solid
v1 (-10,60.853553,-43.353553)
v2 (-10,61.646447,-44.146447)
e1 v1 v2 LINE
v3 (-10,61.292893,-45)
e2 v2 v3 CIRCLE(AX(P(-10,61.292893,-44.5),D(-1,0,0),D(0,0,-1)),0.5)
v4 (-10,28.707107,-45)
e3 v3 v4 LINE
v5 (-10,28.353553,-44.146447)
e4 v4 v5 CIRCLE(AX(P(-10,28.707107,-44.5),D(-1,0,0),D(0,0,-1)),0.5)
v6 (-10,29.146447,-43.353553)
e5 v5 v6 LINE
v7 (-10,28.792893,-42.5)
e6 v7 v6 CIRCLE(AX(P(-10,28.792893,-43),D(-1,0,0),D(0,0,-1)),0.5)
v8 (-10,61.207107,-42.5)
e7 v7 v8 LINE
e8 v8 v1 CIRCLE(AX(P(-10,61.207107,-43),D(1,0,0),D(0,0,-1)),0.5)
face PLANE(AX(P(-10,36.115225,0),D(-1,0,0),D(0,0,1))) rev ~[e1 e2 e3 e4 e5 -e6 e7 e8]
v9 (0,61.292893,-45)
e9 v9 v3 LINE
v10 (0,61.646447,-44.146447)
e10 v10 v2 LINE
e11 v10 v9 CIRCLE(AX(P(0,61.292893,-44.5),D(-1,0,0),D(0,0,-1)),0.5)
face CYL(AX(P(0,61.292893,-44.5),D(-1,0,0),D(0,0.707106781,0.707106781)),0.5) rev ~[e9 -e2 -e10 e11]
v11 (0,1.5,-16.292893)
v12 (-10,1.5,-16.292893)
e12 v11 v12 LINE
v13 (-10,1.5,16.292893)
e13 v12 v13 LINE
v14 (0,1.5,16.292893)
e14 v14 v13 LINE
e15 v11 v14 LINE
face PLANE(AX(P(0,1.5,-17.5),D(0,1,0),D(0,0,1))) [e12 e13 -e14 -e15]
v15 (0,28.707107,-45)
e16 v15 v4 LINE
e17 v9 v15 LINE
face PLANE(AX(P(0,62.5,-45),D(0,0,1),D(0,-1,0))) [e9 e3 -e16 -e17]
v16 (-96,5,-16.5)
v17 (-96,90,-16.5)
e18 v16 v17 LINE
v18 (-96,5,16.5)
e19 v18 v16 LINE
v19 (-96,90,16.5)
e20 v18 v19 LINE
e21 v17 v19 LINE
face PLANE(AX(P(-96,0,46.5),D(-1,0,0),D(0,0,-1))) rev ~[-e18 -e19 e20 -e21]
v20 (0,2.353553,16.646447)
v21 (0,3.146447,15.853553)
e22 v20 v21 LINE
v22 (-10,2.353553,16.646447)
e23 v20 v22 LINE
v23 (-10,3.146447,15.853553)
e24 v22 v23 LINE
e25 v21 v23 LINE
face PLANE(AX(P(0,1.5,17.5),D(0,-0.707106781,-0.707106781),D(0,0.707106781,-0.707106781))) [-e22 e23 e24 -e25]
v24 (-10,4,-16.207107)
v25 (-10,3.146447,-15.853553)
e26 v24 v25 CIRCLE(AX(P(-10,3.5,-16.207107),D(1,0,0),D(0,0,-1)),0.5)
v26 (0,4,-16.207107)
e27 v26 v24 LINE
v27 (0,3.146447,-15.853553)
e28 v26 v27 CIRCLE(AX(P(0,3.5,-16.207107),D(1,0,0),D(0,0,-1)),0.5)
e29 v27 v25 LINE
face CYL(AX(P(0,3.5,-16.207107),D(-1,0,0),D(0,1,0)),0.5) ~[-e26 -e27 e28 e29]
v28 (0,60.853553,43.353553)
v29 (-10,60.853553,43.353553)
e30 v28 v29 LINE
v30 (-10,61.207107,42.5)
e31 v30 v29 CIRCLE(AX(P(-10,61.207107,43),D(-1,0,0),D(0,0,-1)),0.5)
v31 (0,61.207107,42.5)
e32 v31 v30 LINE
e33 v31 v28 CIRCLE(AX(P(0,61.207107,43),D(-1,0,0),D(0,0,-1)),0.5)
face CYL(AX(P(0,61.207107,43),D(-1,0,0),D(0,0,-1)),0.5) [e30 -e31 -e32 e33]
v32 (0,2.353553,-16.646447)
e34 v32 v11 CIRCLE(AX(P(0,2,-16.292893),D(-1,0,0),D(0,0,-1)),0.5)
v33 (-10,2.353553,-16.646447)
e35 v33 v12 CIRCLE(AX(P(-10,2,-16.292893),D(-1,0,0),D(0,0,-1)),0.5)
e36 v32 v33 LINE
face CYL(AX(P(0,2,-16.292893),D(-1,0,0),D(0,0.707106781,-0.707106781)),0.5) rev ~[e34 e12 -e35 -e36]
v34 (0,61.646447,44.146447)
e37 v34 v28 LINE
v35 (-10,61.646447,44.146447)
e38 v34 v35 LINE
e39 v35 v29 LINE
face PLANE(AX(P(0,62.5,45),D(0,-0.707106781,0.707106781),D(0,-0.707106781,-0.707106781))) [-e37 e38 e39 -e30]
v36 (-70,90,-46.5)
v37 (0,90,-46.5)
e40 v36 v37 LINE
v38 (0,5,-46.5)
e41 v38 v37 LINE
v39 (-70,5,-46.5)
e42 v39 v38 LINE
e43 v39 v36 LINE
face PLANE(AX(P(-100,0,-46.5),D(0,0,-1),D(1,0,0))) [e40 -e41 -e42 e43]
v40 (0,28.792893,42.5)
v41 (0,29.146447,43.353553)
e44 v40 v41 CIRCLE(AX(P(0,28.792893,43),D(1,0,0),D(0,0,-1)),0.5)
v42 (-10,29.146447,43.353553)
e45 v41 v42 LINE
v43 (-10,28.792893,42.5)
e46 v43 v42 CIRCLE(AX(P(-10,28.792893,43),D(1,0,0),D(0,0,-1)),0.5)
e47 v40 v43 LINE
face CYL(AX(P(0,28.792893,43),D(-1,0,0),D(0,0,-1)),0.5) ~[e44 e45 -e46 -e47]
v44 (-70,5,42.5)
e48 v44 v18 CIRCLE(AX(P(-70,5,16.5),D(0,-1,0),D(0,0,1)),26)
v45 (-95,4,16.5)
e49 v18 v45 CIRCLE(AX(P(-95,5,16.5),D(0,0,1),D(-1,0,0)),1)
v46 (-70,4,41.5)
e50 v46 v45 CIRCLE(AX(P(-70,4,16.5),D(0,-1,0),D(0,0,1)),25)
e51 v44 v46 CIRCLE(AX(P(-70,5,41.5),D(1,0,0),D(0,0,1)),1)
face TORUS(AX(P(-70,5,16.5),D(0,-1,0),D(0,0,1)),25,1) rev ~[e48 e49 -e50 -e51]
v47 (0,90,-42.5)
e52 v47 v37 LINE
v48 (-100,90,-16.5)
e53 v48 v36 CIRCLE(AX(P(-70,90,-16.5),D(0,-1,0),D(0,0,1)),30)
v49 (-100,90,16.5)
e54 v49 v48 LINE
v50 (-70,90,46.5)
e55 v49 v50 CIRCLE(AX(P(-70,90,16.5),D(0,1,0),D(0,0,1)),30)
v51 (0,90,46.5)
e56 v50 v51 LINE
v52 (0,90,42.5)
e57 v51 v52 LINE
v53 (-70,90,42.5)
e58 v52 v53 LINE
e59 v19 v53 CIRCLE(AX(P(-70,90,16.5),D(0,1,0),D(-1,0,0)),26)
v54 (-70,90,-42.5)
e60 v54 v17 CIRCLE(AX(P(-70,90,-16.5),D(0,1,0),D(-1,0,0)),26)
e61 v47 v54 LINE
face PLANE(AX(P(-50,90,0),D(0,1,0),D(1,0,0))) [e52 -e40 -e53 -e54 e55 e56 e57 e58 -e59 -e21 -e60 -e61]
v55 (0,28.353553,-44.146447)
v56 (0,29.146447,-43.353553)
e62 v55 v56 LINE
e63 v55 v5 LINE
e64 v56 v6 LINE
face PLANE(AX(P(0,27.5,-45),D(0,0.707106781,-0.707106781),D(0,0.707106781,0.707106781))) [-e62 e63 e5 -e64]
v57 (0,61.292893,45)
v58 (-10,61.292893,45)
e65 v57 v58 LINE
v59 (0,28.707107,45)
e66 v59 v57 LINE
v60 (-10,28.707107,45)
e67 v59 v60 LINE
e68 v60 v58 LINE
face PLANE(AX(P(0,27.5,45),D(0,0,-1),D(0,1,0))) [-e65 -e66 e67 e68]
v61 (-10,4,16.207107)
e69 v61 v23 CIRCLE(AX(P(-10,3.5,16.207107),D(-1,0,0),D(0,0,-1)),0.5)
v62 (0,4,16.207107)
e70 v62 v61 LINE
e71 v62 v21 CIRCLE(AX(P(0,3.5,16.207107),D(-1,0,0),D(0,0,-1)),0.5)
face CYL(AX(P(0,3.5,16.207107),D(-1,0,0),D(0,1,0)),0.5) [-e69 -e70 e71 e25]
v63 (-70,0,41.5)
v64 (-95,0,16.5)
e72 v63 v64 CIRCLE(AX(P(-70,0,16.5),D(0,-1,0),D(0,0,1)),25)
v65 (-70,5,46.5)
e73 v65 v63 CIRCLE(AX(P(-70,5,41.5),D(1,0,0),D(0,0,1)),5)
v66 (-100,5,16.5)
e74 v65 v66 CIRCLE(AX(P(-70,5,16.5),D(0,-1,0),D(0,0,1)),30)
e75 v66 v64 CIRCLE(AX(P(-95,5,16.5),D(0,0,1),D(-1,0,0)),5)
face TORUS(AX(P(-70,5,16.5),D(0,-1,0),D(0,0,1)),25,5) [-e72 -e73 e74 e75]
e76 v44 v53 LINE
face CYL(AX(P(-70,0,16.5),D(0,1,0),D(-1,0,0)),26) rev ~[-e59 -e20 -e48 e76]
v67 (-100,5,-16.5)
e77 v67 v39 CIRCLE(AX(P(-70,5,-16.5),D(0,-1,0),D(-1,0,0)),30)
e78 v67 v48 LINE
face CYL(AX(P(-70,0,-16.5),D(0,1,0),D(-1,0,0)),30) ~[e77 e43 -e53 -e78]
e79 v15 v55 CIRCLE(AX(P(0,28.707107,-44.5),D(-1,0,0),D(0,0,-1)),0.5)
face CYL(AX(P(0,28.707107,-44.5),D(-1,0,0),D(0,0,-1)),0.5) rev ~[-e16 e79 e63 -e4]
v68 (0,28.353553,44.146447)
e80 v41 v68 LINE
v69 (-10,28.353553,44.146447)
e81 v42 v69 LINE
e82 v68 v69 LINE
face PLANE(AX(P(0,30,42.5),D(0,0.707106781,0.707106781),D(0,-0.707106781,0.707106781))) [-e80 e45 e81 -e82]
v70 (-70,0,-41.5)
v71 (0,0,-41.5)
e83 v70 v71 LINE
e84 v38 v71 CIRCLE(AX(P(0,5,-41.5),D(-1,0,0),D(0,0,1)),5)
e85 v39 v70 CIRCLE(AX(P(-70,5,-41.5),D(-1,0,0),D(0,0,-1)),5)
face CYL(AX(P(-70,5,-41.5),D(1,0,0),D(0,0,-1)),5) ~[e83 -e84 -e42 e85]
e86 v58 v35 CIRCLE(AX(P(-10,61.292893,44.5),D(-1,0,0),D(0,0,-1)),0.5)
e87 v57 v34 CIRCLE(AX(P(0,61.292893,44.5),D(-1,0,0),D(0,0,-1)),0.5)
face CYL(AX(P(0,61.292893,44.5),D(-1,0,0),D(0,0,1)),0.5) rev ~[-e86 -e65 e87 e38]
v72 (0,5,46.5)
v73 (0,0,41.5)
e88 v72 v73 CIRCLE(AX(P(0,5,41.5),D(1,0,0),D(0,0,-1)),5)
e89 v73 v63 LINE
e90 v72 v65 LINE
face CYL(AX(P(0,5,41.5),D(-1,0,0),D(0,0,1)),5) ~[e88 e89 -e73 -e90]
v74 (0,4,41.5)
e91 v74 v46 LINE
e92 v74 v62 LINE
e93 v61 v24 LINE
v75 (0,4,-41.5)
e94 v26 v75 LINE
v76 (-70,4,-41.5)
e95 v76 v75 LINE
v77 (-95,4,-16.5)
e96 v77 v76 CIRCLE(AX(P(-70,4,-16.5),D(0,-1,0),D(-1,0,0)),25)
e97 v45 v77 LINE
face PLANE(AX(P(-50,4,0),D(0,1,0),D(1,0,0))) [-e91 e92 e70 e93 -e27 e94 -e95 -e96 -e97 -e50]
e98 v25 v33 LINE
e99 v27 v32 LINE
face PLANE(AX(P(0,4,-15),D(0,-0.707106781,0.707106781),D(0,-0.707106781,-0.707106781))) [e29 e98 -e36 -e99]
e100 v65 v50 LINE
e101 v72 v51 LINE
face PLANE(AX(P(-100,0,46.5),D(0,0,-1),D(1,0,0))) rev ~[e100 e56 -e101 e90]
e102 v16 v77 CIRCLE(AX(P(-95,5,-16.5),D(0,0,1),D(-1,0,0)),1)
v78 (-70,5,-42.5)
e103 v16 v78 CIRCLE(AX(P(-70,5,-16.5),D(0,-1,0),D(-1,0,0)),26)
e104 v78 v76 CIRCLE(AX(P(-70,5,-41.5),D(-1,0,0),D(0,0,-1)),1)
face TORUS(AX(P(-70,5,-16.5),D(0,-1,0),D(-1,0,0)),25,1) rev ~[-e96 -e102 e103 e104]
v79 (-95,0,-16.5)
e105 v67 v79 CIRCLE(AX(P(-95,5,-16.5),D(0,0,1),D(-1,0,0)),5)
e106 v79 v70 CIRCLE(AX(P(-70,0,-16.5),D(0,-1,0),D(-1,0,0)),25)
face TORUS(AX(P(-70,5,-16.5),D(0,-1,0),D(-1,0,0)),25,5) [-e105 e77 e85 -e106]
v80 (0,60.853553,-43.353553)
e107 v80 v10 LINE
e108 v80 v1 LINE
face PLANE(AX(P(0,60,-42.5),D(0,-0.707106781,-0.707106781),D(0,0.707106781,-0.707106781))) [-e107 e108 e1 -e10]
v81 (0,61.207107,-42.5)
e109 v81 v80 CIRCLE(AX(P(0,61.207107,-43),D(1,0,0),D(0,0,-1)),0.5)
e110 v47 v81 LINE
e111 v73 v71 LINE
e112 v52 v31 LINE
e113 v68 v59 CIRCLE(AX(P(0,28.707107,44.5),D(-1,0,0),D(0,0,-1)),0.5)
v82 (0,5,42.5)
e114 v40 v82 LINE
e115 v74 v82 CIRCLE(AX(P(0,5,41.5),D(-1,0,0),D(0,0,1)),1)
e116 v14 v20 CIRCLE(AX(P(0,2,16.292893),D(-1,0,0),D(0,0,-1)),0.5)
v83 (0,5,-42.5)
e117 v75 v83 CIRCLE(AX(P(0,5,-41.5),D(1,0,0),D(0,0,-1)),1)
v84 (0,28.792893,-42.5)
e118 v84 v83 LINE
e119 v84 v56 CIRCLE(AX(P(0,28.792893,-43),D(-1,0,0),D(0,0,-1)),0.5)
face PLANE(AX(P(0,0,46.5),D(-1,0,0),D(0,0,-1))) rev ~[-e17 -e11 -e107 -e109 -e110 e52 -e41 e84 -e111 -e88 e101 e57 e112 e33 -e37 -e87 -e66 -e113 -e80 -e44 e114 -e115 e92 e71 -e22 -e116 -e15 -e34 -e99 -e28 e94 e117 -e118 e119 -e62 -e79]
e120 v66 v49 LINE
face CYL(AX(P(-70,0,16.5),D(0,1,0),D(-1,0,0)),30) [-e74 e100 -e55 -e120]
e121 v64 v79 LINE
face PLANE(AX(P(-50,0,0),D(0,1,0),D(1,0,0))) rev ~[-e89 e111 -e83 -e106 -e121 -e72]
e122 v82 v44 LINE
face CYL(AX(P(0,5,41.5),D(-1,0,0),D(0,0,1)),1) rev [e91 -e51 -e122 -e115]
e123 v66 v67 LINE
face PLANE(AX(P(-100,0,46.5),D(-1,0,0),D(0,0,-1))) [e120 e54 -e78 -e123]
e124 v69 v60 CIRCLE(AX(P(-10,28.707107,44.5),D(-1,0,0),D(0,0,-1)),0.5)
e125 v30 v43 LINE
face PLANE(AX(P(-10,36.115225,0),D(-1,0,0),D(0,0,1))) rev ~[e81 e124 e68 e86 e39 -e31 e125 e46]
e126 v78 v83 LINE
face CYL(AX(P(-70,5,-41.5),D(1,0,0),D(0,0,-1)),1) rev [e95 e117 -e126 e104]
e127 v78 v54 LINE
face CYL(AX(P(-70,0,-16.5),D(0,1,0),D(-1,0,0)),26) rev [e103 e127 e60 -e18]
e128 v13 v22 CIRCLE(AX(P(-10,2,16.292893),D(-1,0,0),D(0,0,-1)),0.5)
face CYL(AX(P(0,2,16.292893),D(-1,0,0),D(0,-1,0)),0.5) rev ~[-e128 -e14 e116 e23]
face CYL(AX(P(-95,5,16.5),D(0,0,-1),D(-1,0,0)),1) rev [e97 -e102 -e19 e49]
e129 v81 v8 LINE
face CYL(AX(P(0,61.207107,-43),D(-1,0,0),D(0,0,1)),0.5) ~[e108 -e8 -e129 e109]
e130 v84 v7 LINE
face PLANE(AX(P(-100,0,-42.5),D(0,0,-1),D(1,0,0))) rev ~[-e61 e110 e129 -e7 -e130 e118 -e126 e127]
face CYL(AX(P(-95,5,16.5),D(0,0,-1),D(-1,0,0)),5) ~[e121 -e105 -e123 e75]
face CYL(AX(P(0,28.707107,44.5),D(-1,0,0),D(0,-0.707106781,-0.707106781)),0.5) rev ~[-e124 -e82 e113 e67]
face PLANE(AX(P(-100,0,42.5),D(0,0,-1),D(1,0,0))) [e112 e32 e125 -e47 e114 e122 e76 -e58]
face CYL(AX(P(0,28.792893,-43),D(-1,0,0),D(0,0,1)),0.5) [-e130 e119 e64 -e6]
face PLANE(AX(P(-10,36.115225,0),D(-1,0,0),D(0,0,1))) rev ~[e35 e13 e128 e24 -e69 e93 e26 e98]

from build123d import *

# Parameters (mm, degrees)
SKETCH_1_W           = 100
SKETCH_1_H           = 93
EXTRUDE_1_DEPTH      = 90
FILLET_8_R           = 30
FILLET_9_R           = 5
SHELL_4_T            = -4
CUT_EXTRUDE_16_DEPTH = 10
FILLET_12_R          = 0.5


with BuildPart() as part:
    # 草圖1 → 填料-伸長1 (new body)
    with BuildSketch(Plane(origin=(0, 0, 0), x_dir=(1, 0, 0), z_dir=(0, 1, 0))):
        with Locations((-50, 0)):
            Rectangle(SKETCH_1_W, SKETCH_1_H)
    extrude(amount=EXTRUDE_1_DEPTH)

    # 圓角8
    fillet_8_edges = [part.edges().sort_by_distance(p)[0] for p in [
        (-100, 45, 46.5),
        (-100, 45, -46.5),
    ]]
    fillet(fillet_8_edges, radius=FILLET_8_R)

    # 圓角9
    fillet_9_edges = [part.edges().sort_by_distance(p)[0] for p in [
        (-100, 0, 0),
        (-35, 0, 46.5),
        (-91.213203436, 0, 37.713203436),
        (-91.213203436, 0, -37.713203436),
        (-35, 0, -46.5),
    ]]
    fillet(fillet_9_edges, radius=FILLET_9_R)

    # 薄殼4
    shell_4_openings = [part.faces().sort_by_distance(p)[0] for p in [
        (-48.123603577, 90, 0),
        (0, 45.056329123, 0),
    ]]
    offset(amount=SHELL_4_T, openings=shell_4_openings, kind=Kind.INTERSECTION)

    # 草圖21 → 除料-伸長16 (cut)
    with BuildSketch(Plane(origin=(0, 0, 0), x_dir=(0, 0, -1), z_dir=(1, 0, 0))):
        Polygon((-42.5, 60), (42.5, 60), (45, 62.5), (45, 27.5), (42.5, 30), (15, 30), (15, 4), (17.5, 1.5), (-17.5, 1.5), (-15, 4), (-15, 30), (-42.5, 30), (-45, 27.5), (-45, 62.5), align=None)
    extrude(amount=-CUT_EXTRUDE_16_DEPTH, mode=Mode.SUBTRACT)

    # 圓角12
    fillet_12_edges = [part.edges().sort_by_distance(p)[0] for p in [
        (-5, 60, -42.5),
        (-5, 62.5, -45),
        (-5, 27.5, -45),
        (-5, 30, -42.5),
        (-5, 4, -15),
        (-5, 1.5, -17.5),
        (-5, 1.5, 17.5),
        (-5, 4, 15),
        (-5, 30, 42.5),
        (-5, 27.5, 45),
        (-5, 62.5, 45),
        (-5, 60, 42.5),
    ]]
    fillet(fillet_12_edges, radius=FILLET_12_R)


solid = part.part
